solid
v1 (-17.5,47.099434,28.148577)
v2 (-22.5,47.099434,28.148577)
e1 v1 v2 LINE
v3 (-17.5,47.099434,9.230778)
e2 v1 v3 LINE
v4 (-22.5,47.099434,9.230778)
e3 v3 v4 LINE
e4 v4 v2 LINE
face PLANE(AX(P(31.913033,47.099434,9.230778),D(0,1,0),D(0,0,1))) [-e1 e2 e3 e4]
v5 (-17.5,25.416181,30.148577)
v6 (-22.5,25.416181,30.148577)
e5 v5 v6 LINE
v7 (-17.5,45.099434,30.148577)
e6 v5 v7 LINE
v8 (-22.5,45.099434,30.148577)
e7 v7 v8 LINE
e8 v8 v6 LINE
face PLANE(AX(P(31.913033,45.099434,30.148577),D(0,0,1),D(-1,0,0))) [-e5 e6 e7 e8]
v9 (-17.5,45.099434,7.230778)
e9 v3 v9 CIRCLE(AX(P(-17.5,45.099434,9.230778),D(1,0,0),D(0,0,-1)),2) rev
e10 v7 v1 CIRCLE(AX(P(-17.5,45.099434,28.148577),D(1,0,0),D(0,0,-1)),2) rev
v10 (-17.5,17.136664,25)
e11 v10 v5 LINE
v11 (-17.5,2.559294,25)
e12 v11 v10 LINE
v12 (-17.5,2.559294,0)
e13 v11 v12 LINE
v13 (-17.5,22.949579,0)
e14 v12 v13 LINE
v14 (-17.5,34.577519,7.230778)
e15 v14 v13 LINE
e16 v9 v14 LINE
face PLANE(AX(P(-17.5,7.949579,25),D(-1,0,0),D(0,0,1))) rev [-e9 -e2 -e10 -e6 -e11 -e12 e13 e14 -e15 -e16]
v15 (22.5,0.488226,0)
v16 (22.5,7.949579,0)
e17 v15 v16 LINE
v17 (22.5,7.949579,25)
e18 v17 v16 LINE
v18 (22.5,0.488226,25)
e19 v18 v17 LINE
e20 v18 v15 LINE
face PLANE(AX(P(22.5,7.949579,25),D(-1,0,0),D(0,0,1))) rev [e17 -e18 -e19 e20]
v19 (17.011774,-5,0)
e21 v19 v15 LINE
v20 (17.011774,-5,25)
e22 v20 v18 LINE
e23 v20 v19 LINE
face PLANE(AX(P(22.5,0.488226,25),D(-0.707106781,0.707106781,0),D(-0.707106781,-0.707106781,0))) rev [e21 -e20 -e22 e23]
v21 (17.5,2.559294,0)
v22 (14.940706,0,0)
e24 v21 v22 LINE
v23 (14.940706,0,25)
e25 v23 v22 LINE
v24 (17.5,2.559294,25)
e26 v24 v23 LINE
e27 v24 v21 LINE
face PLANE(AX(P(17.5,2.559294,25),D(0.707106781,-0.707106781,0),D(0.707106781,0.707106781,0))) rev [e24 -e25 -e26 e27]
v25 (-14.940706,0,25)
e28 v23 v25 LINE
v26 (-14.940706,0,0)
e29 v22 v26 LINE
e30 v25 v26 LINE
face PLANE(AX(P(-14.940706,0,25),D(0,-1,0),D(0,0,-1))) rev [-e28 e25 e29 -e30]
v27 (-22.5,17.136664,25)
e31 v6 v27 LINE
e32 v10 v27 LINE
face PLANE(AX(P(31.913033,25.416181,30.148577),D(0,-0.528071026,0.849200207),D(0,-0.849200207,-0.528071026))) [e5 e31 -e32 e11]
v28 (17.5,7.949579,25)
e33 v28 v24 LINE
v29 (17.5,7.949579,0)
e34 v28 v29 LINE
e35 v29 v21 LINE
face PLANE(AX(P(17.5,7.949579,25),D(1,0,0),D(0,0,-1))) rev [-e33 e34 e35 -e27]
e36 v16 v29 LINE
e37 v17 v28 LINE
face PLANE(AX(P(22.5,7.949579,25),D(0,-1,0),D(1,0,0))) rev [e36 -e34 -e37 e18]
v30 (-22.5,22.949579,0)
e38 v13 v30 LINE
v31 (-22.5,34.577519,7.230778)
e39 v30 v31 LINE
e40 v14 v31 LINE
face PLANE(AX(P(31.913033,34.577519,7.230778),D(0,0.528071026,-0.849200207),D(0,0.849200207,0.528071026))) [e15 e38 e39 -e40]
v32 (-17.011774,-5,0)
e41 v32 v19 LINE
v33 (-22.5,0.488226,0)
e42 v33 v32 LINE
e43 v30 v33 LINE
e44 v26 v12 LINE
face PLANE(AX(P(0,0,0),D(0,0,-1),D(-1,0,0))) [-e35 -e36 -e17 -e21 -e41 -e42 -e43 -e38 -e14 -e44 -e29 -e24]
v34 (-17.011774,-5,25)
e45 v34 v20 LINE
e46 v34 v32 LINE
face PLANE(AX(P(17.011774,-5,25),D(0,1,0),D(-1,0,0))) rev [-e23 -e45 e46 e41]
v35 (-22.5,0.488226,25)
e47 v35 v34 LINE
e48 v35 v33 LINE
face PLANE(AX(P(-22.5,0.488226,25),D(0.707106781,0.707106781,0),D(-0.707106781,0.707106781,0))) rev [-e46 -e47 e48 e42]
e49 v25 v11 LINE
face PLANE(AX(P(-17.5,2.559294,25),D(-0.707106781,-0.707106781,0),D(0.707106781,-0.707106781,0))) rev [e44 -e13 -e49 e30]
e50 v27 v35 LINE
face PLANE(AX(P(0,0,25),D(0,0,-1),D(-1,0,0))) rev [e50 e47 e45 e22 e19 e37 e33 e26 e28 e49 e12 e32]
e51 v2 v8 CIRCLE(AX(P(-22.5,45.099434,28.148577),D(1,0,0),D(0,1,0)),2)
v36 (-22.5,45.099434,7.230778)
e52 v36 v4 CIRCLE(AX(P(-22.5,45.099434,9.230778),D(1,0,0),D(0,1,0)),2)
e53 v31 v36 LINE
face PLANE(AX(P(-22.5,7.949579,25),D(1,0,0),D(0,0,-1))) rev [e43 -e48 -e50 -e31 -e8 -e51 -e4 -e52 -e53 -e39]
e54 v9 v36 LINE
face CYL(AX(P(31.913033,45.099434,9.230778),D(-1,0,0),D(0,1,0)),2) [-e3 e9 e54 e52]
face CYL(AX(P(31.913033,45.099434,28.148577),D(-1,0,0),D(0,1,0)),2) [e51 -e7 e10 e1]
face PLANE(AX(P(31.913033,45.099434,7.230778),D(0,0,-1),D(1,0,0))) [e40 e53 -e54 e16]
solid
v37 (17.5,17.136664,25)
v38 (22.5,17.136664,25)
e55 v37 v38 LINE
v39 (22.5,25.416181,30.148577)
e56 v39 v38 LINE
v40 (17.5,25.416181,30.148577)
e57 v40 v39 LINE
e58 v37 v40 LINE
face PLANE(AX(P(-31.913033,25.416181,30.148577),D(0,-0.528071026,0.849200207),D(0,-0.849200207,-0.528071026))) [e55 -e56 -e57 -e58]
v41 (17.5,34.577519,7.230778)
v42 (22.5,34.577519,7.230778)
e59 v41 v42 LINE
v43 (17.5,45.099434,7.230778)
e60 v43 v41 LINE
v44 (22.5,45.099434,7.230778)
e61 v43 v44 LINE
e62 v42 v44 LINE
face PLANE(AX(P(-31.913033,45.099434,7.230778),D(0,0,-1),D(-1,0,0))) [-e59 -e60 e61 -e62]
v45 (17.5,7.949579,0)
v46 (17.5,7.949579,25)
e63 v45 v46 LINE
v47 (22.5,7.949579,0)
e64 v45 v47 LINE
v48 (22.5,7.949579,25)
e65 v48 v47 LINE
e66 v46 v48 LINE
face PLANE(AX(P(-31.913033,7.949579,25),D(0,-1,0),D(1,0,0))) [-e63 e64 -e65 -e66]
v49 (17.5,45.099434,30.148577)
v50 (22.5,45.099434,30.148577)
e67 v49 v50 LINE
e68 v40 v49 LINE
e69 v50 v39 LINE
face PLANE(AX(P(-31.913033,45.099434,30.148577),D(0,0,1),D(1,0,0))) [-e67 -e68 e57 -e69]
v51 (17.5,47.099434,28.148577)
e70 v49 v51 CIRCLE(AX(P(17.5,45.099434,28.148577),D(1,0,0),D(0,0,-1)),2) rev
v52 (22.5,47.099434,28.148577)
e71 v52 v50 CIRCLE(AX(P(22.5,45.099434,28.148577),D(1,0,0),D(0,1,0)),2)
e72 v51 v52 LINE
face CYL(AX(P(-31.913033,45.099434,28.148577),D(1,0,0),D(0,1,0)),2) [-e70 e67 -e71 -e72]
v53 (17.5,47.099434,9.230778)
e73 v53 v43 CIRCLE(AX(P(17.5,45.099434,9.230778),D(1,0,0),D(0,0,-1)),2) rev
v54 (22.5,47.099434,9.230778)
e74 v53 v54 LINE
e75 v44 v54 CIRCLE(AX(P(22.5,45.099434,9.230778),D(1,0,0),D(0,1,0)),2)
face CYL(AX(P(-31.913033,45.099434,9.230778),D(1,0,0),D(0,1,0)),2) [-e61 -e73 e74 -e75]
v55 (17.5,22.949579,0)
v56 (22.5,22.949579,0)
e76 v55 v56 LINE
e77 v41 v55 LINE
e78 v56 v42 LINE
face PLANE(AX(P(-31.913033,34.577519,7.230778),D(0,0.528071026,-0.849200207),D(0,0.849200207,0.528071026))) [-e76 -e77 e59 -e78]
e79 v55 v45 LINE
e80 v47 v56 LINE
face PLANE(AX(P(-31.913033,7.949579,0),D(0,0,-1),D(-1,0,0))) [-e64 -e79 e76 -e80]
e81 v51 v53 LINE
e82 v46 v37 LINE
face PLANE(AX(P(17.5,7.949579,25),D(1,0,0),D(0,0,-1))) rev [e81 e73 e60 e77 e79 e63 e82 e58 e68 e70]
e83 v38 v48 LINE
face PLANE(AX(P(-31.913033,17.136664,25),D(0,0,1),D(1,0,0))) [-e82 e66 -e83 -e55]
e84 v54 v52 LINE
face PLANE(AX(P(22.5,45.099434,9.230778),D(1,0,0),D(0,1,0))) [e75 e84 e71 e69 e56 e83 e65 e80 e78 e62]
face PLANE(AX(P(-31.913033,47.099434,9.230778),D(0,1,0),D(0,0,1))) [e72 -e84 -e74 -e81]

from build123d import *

# Parameters (mm, degrees)
BOSS_EXTRUDE1_DEPTH = 25
BOSS_EXTRUDE3_DEPTH = 5


with BuildPart() as part:
    # Sketch1 → Boss-Extrude1 (new body)
    with BuildSketch(Plane.XY):
        Polygon((-17.5, 7.949579473), (-17.5, 2.559294279), (-14.940705721, 0), (0, 0), (14.940705721, 0), (17.5, 2.559294279), (17.5, 7.949579473), (22.5, 7.949579473), (22.5, 0.488226467), (17.011773533, -5), (0, -5), (-17.011773533, -5), (-22.5, 0.488226467), (-22.5, 7.949579473), align=None)
    extrude(amount=BOSS_EXTRUDE1_DEPTH)


with BuildPart() as body_2:
    # Sketch3 → Boss-Extrude3 (new body)
    with BuildSketch(Plane(origin=(22.5, 0, 0), x_dir=(0, 0, -1), z_dir=(1, 0, 0))):
        with BuildLine():
            Line((-25, 7.949579473), (0, 7.949579473))
            Line((0, 7.949579473), (0, 22.949579473))
            Line((0, 22.949579473), (-7.230778036, 34.577519471))
            Line((-7.230778036, 34.577519471), (-7.230778036, 45.099433505))
            ThreePointArc((-7.230778036, 45.099433505), (-7.816564474, 46.513647067), (-9.230778036, 47.099433505))
            Line((-9.230778036, 47.099433505), (-28.148577305, 47.099433505))
            ThreePointArc((-28.148577305, 47.099433505), (-29.562790867, 46.513647067), (-30.148577305, 45.099433505))
            Line((-30.148577305, 45.099433505), (-30.148577305, 25.416180597))
            Line((-30.148577305, 25.416180597), (-25, 17.136663832))
            Line((-25, 17.136663832), (-25, 7.949579473))
        make_face()
    boss_extrude3 = extrude(amount=-BOSS_EXTRUDE3_DEPTH)


with BuildPart() as part_1:
    add(part.part)

    # Mirror5: Boss-Extrude3 across plane
    add(boss_extrude3.mirror(Plane.ZY))


solid = Compound([body_2.part, part_1.part])
